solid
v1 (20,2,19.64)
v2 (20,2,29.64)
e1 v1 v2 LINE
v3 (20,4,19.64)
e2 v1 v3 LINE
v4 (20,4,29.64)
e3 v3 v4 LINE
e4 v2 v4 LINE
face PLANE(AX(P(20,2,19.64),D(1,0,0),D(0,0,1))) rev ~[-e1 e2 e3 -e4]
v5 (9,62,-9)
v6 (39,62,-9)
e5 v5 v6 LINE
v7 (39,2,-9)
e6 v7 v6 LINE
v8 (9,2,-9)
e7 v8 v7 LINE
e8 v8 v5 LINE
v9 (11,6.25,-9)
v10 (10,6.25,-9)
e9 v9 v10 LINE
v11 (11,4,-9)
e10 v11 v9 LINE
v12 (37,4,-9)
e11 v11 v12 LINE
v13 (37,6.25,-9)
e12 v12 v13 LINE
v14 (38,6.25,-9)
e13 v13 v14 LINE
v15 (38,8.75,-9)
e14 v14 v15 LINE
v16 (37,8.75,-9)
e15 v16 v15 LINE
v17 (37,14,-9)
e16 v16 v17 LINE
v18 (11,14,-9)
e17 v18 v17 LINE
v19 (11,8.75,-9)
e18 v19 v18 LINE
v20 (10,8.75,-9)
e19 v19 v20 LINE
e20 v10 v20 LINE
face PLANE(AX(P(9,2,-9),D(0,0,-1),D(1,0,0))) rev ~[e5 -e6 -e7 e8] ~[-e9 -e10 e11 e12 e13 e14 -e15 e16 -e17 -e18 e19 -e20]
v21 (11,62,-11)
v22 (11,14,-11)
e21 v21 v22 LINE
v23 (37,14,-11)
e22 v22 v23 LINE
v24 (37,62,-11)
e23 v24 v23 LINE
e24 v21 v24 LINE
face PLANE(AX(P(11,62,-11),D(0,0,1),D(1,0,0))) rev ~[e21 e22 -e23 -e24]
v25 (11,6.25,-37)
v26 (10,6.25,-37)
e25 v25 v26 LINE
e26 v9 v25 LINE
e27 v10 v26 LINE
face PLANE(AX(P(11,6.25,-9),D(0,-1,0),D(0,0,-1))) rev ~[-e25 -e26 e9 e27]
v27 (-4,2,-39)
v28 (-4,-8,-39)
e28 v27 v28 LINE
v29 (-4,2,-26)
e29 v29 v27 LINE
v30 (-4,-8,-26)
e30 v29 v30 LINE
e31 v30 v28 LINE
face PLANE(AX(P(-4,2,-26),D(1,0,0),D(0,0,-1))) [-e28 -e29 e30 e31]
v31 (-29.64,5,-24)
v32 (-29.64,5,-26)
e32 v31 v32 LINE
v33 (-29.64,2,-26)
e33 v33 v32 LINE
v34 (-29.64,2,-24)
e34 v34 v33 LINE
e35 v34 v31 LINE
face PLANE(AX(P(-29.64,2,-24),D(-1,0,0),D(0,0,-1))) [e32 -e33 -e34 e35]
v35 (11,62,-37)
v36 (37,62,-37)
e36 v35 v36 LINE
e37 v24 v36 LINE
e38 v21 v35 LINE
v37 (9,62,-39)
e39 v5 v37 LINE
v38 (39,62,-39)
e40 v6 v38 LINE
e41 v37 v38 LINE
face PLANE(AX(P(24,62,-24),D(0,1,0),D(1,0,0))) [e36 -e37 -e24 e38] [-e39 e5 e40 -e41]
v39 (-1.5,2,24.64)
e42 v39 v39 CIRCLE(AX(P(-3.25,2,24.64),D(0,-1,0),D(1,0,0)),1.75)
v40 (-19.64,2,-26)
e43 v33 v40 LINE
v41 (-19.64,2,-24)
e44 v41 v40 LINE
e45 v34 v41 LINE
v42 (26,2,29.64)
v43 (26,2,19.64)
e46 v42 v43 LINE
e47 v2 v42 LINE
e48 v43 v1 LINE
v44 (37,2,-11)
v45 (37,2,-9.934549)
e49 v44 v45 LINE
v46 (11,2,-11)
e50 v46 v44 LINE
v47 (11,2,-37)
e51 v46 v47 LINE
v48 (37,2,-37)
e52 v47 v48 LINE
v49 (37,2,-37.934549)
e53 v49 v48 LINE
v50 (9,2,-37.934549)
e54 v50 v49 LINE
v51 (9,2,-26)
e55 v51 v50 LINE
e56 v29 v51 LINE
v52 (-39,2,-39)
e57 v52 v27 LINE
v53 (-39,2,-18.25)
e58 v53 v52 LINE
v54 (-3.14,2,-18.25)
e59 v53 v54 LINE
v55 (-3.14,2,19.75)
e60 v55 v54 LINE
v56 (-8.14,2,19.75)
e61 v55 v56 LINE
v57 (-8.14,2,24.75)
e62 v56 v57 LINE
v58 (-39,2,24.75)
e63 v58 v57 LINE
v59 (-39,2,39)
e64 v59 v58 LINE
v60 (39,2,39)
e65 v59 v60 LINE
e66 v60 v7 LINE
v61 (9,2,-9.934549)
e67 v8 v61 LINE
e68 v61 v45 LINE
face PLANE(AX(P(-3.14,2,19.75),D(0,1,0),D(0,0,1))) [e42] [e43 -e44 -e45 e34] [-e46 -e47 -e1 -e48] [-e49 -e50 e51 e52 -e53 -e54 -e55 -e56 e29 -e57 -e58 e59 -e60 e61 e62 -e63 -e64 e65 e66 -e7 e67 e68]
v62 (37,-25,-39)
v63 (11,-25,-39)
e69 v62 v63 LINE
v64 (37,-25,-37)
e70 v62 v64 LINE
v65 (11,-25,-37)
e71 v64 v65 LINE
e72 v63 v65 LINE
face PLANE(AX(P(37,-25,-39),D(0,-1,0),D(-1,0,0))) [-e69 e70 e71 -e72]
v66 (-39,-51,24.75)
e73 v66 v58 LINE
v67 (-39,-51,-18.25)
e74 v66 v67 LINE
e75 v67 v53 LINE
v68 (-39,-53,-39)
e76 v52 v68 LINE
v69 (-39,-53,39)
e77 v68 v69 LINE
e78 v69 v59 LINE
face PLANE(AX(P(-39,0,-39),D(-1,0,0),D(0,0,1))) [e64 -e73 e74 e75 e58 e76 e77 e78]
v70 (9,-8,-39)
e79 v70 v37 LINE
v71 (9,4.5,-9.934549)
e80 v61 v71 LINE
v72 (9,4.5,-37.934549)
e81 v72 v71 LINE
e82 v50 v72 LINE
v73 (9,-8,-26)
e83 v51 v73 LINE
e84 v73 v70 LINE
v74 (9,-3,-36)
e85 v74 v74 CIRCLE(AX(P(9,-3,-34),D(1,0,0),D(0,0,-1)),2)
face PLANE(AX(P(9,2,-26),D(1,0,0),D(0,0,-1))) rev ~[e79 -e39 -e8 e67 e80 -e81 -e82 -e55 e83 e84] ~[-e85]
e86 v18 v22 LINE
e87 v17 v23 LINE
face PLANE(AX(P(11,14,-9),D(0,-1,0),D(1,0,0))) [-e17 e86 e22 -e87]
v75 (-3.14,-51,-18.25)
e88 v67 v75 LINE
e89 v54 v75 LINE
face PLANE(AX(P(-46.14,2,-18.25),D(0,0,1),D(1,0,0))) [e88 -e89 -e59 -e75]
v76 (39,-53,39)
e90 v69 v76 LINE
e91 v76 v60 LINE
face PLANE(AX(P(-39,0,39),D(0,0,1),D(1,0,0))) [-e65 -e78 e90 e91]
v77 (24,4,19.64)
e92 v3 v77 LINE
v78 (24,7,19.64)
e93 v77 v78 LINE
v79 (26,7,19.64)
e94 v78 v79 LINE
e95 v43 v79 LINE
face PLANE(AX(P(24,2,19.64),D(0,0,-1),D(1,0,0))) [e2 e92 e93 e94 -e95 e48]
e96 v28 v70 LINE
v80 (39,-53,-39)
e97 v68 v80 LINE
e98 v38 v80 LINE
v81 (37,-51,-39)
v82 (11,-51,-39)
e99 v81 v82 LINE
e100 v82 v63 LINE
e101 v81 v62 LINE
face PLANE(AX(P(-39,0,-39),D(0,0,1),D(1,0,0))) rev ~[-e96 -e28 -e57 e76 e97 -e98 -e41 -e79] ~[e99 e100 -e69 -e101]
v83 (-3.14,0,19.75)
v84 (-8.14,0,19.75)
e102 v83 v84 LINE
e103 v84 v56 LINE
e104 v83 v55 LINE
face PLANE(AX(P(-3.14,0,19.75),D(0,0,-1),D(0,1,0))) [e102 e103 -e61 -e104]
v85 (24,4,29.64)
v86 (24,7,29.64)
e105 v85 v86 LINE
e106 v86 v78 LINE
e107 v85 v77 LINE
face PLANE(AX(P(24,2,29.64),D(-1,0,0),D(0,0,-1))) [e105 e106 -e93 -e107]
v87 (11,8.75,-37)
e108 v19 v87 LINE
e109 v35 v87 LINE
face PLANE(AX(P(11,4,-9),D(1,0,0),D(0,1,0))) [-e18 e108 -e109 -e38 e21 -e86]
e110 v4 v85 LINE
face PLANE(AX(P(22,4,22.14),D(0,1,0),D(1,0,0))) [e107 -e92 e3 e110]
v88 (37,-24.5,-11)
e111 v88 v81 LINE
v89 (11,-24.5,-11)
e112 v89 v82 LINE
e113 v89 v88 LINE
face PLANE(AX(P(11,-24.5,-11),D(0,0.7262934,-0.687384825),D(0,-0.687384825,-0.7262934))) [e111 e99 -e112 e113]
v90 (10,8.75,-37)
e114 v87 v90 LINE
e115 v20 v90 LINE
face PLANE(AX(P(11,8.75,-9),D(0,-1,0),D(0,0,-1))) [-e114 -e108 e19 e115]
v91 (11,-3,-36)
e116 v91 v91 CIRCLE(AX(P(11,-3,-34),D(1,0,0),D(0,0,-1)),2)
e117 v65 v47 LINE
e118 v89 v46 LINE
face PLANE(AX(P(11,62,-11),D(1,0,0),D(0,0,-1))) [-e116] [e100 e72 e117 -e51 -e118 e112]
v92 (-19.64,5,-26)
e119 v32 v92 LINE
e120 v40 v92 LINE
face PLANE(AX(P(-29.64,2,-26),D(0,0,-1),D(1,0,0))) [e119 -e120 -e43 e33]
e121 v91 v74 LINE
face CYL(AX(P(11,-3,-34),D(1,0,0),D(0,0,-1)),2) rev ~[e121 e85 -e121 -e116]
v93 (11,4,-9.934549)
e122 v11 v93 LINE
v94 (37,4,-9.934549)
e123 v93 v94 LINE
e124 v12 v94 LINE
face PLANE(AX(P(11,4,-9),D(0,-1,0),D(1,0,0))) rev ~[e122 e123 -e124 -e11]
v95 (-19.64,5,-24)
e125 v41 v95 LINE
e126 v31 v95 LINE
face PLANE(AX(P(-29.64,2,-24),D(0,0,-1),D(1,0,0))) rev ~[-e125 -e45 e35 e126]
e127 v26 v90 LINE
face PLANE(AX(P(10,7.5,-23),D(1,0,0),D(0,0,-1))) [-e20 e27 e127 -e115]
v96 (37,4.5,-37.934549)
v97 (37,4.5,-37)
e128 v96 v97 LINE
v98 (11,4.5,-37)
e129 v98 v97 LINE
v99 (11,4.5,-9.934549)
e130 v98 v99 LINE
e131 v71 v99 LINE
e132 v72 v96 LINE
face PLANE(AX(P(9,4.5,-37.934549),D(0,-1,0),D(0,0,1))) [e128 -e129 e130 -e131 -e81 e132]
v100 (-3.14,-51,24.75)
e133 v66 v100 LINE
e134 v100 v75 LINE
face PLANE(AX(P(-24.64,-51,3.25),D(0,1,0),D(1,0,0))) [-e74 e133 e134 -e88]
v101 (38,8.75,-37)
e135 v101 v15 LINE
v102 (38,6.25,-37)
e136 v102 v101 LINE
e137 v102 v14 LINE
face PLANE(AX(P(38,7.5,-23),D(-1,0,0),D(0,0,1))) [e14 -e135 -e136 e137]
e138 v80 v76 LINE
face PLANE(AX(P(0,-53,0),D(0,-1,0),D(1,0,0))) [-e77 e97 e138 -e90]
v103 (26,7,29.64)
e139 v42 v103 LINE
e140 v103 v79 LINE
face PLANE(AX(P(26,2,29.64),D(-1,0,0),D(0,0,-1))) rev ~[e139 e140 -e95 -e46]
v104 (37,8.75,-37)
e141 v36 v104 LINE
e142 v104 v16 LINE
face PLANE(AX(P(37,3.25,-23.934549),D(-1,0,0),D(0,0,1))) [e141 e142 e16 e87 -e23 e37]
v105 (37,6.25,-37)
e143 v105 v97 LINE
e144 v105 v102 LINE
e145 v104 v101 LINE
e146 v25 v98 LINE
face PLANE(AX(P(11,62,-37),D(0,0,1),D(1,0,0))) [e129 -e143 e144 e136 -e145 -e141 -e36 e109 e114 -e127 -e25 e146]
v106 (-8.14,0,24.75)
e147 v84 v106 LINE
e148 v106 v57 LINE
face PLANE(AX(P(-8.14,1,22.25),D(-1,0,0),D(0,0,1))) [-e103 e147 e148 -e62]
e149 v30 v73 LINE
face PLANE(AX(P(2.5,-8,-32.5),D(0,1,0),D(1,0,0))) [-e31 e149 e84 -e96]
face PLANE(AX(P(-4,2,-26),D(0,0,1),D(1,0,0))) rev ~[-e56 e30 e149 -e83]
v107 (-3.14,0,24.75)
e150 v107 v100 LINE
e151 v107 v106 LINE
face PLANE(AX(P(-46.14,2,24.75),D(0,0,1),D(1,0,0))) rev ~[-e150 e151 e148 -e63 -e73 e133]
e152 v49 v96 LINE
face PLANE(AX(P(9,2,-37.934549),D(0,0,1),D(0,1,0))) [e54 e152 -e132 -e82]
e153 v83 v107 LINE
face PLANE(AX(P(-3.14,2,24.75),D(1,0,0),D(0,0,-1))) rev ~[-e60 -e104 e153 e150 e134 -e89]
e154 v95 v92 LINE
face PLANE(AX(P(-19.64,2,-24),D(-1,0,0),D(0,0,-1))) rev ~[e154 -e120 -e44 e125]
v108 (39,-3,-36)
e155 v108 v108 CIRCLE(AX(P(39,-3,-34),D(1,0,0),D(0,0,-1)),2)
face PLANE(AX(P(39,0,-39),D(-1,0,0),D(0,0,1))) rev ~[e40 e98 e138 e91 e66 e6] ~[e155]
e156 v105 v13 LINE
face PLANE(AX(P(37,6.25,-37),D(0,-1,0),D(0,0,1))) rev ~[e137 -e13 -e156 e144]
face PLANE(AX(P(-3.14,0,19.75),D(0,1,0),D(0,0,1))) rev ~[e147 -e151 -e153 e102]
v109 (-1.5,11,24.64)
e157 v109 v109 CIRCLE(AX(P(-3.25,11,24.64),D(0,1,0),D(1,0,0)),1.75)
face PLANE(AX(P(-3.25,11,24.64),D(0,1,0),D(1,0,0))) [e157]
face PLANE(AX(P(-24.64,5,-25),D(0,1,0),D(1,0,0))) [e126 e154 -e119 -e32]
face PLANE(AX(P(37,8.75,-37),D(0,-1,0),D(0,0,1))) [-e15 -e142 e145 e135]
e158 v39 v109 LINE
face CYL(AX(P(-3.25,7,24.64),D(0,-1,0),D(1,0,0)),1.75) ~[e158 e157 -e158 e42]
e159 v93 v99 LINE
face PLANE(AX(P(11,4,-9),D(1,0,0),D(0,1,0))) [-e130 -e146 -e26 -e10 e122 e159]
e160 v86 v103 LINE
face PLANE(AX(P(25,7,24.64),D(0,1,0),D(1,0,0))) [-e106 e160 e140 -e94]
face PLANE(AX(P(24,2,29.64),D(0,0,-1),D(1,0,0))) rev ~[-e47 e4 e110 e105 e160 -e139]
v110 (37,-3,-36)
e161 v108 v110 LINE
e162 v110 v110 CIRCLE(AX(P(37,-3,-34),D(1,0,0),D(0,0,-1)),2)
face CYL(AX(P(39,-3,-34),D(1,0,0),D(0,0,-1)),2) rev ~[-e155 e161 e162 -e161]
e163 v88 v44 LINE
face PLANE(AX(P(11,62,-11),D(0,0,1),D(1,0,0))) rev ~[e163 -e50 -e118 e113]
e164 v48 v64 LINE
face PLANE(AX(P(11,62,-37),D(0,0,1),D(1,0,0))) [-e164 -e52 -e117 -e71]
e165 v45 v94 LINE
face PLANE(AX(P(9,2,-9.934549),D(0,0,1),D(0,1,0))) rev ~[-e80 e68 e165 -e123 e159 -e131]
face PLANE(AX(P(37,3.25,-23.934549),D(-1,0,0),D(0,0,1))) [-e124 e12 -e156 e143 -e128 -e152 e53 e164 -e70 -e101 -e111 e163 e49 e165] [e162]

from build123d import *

# Parameters (mm, degrees)
SKETCH1_W            = 78
SKETCH1_H            = 78
BOSS_EXTRUDE1_DEPTH  = 2
SKETCH2_W            = 30
SKETCH2_H            = 30
BOSS_EXTRUDE2_DEPTH  = 60
SKETCH3_W            = 26
SKETCH3_H            = 26
CUT_EXTRUDE1_DEPTH   = 62
SKETCH4_W            = 28
SKETCH4_H            = 2.5
CUT_EXTRUDE2_DEPTH   = 28
SKETCH5_W            = 26
SKETCH5_H            = 10
CUT_EXTRUDE3_DEPTH   = 2
SKETCH6_W            = 28
SKETCH6_H            = 2.5
CUT_EXTRUDE4_DEPTH   = 1
SKETCH7_W            = 28
SKETCH7_H            = 2.5
CUT_EXTRUDE5_DEPTH   = 1
SKETCH14_R           = 1.75
BOSS_EXTRUDE8_DEPTH  = 5
SKETCH16_W           = 4
SKETCH16_H           = 5
BOSS_EXTRUDE10_DEPTH = 2
SKETCH17_W           = 2
SKETCH17_H           = 10
BOSS_EXTRUDE11_DEPTH = 5
SKETCH18_W           = 10
SKETCH18_H           = 2
BOSS_EXTRUDE12_DEPTH = 3
SKETCH21_W           = 78
SKETCH21_H           = 78
BOSS_EXTRUDE13_DEPTH = 53
SKETCH15_W           = 43
SKETCH15_H           = 43
CUT_EXTRUDE6_DEPTH   = 53
SKETCH23_W           = 5
SKETCH23_H           = 2
BOSS_EXTRUDE15_DEPTH = 5
SKETCH24_W           = 26
SKETCH24_H           = 26
CUT_EXTRUDE9_DEPTH   = 51
SKETCH27_W           = 26
SKETCH27_H           = 26
CUT_EXTRUDE10_DEPTH  = 2
BOSS_EXTRUDE16_DEPTH = 26
SKETCH31_W           = 13
SKETCH31_H           = 13
CUT_EXTRUDE12_DEPTH  = 10
SKETCH32_R           = 2
CUT_EXTRUDE13_DEPTH  = 2
SKETCH33_R           = 2
CUT_EXTRUDE14_DEPTH  = 2
SKETCH36_R           = 1.75
BOSS_EXTRUDE17_DEPTH = 4


with BuildPart() as part:
    # Sketch1 → Boss-Extrude1 (new body)
    with BuildSketch(Plane(origin=(0, 0, 0), x_dir=(1, 0, 0), z_dir=(0, 1, 0))):
        Rectangle(SKETCH1_W, SKETCH1_H)
    extrude(amount=BOSS_EXTRUDE1_DEPTH)

    # Sketch2 → Boss-Extrude2 (add)
    with BuildSketch(Plane(origin=(0, 2, 0), x_dir=(1, 0, 0), z_dir=(0, 1, 0))):
        with Locations((24, 24)):
            Rectangle(SKETCH2_W, SKETCH2_H)
    extrude(amount=BOSS_EXTRUDE2_DEPTH)

    # Sketch3 → Cut-Extrude1 (cut)
    with BuildSketch(Plane(origin=(0, 62, 0), x_dir=(1, 0, 0), z_dir=(0, 1, 0))):
        with Locations((24, 24)):
            Rectangle(SKETCH3_W, SKETCH3_H)
    extrude(amount=-CUT_EXTRUDE1_DEPTH, mode=Mode.SUBTRACT)

    # Sketch4 → Cut-Extrude2 (cut)
    with BuildSketch(Plane.ZY.offset(-9)):
        with Locations((-23.934548619, 3.25)):
            Rectangle(SKETCH4_W, SKETCH4_H)
    extrude(amount=-CUT_EXTRUDE2_DEPTH, mode=Mode.SUBTRACT)

    # Sketch5 → Cut-Extrude3 (cut)
    with BuildSketch(Plane.XY.offset(-9)):
        with Locations((24, 9)):
            Rectangle(SKETCH5_W, SKETCH5_H)
    extrude(amount=-CUT_EXTRUDE3_DEPTH, mode=Mode.SUBTRACT)

    # Sketch6 → Cut-Extrude4 (cut)
    with BuildSketch(Plane.ZY.offset(-37)):
        with Locations((-23, 7.5)):
            Rectangle(SKETCH6_W, SKETCH6_H)
    extrude(amount=-CUT_EXTRUDE4_DEPTH, mode=Mode.SUBTRACT)

    # Sketch7 → Cut-Extrude5 (cut)
    with BuildSketch(Plane(origin=(11, 0, 0), x_dir=(0, 0, -1), z_dir=(1, 0, 0))):
        with Locations((23, 7.5)):
            Rectangle(SKETCH7_W, SKETCH7_H)
    extrude(amount=-CUT_EXTRUDE5_DEPTH, mode=Mode.SUBTRACT)

    # Sketch14 → Boss-Extrude8 (add)
    with BuildSketch(Plane(origin=(0, 2, 0), x_dir=(1, 0, 0), z_dir=(0, 1, 0))):
        with Locations((-3.25, -24.64)):
            Circle(SKETCH14_R)
    extrude(amount=BOSS_EXTRUDE8_DEPTH)

    # Sketch16 → Boss-Extrude10 (add)
    with BuildSketch(Plane(origin=(0, 2, 0), x_dir=(1, 0, 0), z_dir=(0, 1, 0))):
        with Locations((22, -22.14)):
            Rectangle(SKETCH16_W, SKETCH16_H)
        with Locations((22, -27.14)):
            Rectangle(SKETCH16_W, SKETCH16_H)
    extrude(amount=BOSS_EXTRUDE10_DEPTH)

    # Sketch17 → Boss-Extrude11 (add)
    with BuildSketch(Plane(origin=(0, 2, 0), x_dir=(1, 0, 0), z_dir=(0, 1, 0))):
        with Locations((25, -24.64)):
            Rectangle(SKETCH17_W, SKETCH17_H)
    extrude(amount=BOSS_EXTRUDE11_DEPTH)

    # Sketch18 → Boss-Extrude12 (add)
    with BuildSketch(Plane(origin=(0, 2, 0), x_dir=(1, 0, 0), z_dir=(0, 1, 0))):
        with Locations((-24.64, 25)):
            Rectangle(SKETCH18_W, SKETCH18_H)
    extrude(amount=BOSS_EXTRUDE12_DEPTH)

    # Sketch21 → Boss-Extrude13 (add)
    with BuildSketch(Plane.XZ):
        Rectangle(SKETCH21_W, SKETCH21_H)
    extrude(amount=BOSS_EXTRUDE13_DEPTH)

    # Sketch15 → Cut-Extrude6 (cut)
    with BuildSketch(Plane(origin=(0, 2, 0), x_dir=(1, 0, 0), z_dir=(0, 1, 0))):
        with Locations((-24.64, -3.25)):
            Rectangle(SKETCH15_W, SKETCH15_H)
    extrude(amount=-CUT_EXTRUDE6_DEPTH, mode=Mode.SUBTRACT)

    # Sketch23 → Boss-Extrude15 (add)
    with BuildSketch(Plane.ZY.offset(3.14)):
        with Locations((22.25, 1)):
            Rectangle(SKETCH23_W, SKETCH23_H)
    extrude(amount=BOSS_EXTRUDE15_DEPTH)

    # Sketch24 → Cut-Extrude9 (cut)
    with BuildSketch(Plane(origin=(0, 0, 0), x_dir=(1, 0, 0), z_dir=(0, 1, 0))):
        with Locations((24, 24)):
            Rectangle(SKETCH24_W, SKETCH24_H)
    extrude(amount=-CUT_EXTRUDE9_DEPTH, mode=Mode.SUBTRACT)

    # Sketch27 → Cut-Extrude10 (cut)
    with BuildSketch(Plane(origin=(0, 0, -39), x_dir=(-1, 0, 0), z_dir=(0, 0, -1))):
        with Locations((-24, -38)):
            Rectangle(SKETCH27_W, SKETCH27_H)
    extrude(amount=-CUT_EXTRUDE10_DEPTH, mode=Mode.SUBTRACT)

    # Sketch28 → Boss-Extrude16 (add)
    with BuildSketch(Plane(origin=(11, 0, 0), x_dir=(0, 0, -1), z_dir=(1, 0, 0))):
        Polygon((39, -51), (11, -51), (11, -24.5), align=None)
    extrude(amount=BOSS_EXTRUDE16_DEPTH)

    # Sketch31 → Cut-Extrude12 (cut)
    with BuildSketch(Plane(origin=(0, 2, 0), x_dir=(1, 0, 0), z_dir=(0, 1, 0))):
        with Locations((2.5, 32.5)):
            Rectangle(SKETCH31_W, SKETCH31_H)
    extrude(amount=-CUT_EXTRUDE12_DEPTH, mode=Mode.SUBTRACT)

    # Sketch32 → Cut-Extrude13 (cut)
    with BuildSketch(Plane(origin=(39, 0, 0), x_dir=(0, 0, -1), z_dir=(1, 0, 0))):
        with Locations((34, -3)):
            Circle(SKETCH32_R)
    extrude(amount=-CUT_EXTRUDE13_DEPTH, mode=Mode.SUBTRACT)

    # Sketch33 → Cut-Extrude14 (cut)
    with BuildSketch(Plane(origin=(11, 0, 0), x_dir=(0, 0, -1), z_dir=(1, 0, 0))):
        with Locations((34, -3)):
            Circle(SKETCH33_R)
    extrude(amount=-CUT_EXTRUDE14_DEPTH, mode=Mode.SUBTRACT)

    # Sketch36 → Boss-Extrude17 (add)
    with BuildSketch(Plane(origin=(0, 7, 0), x_dir=(1, 0, 0), z_dir=(0, 1, 0))):
        with Locations((-3.25, -24.64)):
            Circle(SKETCH36_R)
    extrude(amount=BOSS_EXTRUDE17_DEPTH)


solid = part.part
